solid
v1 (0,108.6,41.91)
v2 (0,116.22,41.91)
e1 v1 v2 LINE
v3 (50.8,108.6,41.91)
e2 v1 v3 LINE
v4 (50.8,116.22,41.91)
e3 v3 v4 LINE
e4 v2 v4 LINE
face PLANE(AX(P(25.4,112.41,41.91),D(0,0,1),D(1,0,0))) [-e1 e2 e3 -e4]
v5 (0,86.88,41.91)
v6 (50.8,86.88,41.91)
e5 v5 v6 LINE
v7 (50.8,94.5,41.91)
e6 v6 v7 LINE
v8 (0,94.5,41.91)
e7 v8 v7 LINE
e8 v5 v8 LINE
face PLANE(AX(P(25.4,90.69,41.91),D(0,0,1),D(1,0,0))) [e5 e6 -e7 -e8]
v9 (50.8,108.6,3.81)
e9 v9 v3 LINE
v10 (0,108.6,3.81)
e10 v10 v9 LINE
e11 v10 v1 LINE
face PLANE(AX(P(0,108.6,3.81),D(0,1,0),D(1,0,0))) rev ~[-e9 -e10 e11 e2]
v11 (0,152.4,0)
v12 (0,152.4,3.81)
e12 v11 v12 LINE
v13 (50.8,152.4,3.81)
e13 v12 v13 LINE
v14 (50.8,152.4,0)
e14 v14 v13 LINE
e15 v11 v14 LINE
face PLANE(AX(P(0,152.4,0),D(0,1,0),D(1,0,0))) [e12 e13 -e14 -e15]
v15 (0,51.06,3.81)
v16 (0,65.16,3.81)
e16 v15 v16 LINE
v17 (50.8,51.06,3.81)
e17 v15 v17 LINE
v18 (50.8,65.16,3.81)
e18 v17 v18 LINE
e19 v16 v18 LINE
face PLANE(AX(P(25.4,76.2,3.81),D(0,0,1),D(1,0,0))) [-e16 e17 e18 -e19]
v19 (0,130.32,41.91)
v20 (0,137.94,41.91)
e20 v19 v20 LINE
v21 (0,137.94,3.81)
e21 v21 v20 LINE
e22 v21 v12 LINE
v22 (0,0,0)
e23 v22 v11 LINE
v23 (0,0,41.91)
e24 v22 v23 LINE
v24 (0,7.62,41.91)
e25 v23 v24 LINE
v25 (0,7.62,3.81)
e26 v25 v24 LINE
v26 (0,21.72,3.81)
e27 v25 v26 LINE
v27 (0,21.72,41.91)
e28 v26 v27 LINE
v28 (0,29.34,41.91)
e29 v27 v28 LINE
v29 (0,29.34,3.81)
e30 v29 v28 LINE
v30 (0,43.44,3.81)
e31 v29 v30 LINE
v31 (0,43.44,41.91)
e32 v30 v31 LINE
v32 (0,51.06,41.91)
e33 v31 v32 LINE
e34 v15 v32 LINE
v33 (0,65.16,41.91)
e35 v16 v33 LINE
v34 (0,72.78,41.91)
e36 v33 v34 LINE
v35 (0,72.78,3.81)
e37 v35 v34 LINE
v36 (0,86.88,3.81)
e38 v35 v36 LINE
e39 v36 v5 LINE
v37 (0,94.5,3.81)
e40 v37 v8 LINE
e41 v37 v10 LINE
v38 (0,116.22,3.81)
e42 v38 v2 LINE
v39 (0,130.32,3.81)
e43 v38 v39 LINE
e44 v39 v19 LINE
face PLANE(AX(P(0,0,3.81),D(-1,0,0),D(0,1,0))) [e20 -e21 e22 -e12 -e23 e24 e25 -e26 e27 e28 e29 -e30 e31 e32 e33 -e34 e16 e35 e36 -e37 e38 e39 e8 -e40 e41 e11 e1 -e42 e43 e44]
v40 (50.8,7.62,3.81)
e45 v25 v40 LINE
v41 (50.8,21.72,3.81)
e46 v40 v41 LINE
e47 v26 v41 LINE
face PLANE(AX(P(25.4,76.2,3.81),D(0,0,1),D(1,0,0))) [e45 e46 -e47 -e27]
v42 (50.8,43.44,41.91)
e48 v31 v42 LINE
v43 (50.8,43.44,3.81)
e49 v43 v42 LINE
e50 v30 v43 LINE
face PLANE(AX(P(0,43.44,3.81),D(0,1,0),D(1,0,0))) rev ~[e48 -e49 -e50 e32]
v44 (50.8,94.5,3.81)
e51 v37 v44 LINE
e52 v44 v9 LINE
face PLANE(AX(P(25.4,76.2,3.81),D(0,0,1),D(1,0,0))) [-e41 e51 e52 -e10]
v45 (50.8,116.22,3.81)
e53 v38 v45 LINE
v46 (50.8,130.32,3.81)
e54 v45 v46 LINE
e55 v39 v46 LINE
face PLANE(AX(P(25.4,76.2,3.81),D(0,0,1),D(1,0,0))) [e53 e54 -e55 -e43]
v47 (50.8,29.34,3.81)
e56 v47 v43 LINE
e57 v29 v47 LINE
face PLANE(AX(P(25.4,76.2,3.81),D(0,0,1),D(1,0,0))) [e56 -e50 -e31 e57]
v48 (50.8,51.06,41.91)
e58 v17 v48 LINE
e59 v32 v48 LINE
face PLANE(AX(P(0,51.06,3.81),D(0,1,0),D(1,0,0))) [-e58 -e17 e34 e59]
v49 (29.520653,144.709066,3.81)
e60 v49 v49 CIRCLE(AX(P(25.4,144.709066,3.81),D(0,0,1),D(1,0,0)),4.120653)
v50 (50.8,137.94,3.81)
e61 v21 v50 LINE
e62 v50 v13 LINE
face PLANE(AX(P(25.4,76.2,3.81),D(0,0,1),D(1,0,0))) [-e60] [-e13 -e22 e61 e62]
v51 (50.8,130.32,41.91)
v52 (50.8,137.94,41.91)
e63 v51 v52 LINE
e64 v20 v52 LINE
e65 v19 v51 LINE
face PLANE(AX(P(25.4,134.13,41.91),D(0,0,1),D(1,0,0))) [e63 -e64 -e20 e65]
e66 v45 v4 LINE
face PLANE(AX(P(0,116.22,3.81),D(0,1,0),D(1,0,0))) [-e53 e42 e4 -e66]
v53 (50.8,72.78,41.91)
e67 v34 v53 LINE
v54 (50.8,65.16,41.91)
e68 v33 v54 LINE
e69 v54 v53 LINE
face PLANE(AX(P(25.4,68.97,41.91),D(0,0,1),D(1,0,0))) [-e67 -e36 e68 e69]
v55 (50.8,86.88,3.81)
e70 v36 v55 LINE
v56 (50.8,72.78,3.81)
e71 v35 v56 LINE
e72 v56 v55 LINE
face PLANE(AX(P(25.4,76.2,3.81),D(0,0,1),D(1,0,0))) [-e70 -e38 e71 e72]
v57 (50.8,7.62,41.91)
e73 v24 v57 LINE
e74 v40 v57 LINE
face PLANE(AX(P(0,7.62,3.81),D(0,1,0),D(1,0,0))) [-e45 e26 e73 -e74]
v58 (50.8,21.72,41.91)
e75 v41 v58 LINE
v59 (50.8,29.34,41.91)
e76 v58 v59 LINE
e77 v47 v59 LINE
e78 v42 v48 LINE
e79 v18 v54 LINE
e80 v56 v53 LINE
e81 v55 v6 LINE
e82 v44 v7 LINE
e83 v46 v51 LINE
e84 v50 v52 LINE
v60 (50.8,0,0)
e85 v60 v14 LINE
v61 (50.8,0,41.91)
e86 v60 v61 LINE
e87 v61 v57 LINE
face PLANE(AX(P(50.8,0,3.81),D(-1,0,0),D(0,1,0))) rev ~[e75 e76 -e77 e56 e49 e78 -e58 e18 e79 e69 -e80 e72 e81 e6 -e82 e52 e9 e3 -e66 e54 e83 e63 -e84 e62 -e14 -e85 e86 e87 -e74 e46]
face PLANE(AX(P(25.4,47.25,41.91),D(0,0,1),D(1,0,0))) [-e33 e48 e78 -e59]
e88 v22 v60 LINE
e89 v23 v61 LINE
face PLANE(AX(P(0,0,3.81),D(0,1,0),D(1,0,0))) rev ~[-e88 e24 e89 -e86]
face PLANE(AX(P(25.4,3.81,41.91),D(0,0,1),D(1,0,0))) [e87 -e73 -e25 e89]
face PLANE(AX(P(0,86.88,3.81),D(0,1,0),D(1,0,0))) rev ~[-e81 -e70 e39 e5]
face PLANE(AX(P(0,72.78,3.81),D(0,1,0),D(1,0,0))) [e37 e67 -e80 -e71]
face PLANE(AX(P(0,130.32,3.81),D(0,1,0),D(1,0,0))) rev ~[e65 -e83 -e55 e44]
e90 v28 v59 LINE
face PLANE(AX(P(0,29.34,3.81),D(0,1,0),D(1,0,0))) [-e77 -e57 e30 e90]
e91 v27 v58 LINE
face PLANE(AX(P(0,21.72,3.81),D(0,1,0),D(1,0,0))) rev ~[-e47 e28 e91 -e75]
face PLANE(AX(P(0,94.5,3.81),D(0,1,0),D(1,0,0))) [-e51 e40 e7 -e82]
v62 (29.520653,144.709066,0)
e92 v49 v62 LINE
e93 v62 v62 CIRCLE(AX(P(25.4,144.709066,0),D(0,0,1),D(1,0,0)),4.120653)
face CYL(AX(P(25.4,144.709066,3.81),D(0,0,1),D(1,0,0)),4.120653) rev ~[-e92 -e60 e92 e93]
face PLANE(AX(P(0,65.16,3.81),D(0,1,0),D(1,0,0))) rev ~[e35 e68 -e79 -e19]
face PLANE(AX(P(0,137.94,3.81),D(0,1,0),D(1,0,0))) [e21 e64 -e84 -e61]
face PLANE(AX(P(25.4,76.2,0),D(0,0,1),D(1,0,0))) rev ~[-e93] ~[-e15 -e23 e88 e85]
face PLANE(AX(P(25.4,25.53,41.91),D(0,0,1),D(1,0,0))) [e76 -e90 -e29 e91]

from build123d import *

# Parameters (mm, degrees)
F0_W     = 50.8
F0_H     = 152.4
F1_DEPTH = 3.81
F2_W     = 50.8
F2_H     = 7.62
F3_DEPTH = 38.1
F4_R     = 4.120653
F5_DEPTH = 25.4


with BuildPart() as f1:
    # F0 (on Top) → F1 (new body)
    with BuildSketch(Plane.XY):
        with Locations((25.4, 76.2)):
            Rectangle(F0_W, F0_H)
    extrude(amount=F1_DEPTH)

    # F2 (on face) → F3 (join)
    with BuildSketch(Plane.XY.offset(3.81)):
        with Locations((25.4, 134.13)):
            Rectangle(F2_W, F2_H)
        with Locations((25.4, 112.41)):
            Rectangle(F2_W, F2_H)
        with Locations((25.4, 90.69)):
            Rectangle(F2_W, F2_H)
        with Locations((25.4, 68.97)):
            Rectangle(F2_W, F2_H)
        with Locations((25.4, 47.25)):
            Rectangle(F2_W, F2_H)
        with Locations((25.4, 3.81)):
            Rectangle(F2_W, F2_H)
        with Locations((25.4, 25.53)):
            Rectangle(F2_W, F2_H)
    extrude(amount=F3_DEPTH)

    # F4 (on face) → F5 (cut)
    with BuildSketch(Plane.XY.offset(3.81)):
        with Locations((25.4, 144.709066)):
            Circle(F4_R)
    extrude(amount=-F5_DEPTH, mode=Mode.SUBTRACT)


solid = f1.part
